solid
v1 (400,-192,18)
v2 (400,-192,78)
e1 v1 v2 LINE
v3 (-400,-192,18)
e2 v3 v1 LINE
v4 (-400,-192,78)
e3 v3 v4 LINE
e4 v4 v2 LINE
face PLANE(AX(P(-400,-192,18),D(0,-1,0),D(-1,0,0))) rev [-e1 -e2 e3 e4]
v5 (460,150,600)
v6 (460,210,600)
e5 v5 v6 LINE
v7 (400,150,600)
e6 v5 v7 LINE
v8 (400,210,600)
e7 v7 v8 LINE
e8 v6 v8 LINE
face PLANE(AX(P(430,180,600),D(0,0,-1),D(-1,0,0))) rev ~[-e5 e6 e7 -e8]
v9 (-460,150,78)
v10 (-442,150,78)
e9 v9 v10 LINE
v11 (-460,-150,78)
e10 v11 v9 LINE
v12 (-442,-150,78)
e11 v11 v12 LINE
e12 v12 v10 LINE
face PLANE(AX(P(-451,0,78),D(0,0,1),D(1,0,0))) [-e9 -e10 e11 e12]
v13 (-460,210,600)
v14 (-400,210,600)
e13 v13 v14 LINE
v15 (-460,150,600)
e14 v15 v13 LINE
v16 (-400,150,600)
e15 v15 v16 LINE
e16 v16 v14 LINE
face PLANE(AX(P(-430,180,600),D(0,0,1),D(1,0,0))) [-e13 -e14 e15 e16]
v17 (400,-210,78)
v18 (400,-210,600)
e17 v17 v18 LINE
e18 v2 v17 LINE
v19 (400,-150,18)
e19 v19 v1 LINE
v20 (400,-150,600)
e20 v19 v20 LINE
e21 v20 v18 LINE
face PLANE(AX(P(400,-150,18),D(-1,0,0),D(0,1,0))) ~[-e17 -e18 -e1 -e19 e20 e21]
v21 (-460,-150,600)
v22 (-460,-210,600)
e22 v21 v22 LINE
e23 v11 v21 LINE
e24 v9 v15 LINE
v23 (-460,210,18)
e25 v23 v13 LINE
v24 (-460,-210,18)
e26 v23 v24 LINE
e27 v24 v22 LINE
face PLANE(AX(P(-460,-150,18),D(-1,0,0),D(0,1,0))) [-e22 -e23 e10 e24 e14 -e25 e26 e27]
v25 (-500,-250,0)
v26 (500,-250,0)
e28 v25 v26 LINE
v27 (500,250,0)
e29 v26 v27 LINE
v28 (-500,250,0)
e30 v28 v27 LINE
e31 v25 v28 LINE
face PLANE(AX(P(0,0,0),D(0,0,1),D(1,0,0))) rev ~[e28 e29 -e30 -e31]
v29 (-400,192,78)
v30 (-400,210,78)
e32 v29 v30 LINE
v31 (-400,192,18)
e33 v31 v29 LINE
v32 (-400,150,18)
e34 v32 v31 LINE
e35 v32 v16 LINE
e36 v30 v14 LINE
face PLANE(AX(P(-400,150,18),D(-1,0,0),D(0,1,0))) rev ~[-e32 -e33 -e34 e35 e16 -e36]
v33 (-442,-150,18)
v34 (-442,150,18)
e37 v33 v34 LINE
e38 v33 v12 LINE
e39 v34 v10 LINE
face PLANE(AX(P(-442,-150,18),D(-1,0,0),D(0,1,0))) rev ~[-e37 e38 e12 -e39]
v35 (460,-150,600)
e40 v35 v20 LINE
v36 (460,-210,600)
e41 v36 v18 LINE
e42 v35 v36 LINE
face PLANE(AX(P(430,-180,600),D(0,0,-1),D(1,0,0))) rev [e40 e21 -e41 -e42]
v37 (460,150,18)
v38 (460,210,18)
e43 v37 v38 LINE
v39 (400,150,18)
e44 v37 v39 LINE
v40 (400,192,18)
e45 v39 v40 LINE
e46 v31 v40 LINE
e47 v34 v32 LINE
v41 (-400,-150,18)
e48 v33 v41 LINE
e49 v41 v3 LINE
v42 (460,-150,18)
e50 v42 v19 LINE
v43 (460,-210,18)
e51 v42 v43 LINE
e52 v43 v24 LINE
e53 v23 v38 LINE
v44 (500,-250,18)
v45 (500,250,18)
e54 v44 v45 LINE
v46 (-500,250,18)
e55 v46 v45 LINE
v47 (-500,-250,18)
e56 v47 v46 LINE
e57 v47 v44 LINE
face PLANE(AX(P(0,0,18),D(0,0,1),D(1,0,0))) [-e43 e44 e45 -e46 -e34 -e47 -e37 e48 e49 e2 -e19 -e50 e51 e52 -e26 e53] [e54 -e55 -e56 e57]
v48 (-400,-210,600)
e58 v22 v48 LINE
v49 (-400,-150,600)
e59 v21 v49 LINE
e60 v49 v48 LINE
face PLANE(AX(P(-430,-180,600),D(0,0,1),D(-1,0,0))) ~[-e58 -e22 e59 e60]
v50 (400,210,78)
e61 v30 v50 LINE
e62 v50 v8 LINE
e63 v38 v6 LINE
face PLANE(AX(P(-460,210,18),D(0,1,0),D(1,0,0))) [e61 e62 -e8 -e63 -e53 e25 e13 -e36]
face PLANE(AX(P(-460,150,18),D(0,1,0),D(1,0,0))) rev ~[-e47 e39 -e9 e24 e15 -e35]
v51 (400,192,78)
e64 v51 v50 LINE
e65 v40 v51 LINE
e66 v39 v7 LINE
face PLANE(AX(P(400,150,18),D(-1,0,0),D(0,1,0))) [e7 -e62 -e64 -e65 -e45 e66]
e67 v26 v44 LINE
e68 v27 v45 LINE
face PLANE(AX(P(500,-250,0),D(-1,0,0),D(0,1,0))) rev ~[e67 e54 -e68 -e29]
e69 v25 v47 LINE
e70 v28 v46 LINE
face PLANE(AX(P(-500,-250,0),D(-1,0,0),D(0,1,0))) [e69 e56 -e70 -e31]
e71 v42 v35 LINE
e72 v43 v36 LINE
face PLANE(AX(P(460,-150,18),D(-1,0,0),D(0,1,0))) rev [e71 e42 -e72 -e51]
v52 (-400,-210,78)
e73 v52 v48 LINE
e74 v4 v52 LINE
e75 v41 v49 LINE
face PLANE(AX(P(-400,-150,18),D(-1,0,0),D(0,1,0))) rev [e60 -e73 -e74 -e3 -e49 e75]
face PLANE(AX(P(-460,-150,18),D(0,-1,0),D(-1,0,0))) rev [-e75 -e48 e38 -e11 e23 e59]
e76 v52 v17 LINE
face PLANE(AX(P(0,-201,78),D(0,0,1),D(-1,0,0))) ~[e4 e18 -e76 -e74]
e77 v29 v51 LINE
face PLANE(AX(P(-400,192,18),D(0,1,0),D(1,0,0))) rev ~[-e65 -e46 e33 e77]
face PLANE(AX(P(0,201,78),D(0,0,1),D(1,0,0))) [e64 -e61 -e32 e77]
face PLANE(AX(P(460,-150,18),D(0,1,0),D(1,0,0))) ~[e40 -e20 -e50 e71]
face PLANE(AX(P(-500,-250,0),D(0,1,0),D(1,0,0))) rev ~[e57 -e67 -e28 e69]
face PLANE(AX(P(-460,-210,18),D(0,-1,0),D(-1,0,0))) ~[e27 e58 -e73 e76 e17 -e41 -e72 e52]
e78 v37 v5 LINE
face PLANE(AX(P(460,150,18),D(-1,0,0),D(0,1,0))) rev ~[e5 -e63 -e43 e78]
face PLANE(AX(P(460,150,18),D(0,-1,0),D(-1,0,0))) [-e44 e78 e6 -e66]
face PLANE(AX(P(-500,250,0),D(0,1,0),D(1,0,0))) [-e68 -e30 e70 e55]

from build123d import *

# Parameters (mm, degrees)
SKETCH_W                = 1000
SKETCH_H                = 500
PAD_DEPTH               = 18
SKETCH001_W             = 60
SKETCH001_H             = 60
PAD001_DEPTH            = 582
SKETCH001_MIRRORED_2_W  = 60
SKETCH001_MIRRORED_2_H  = 60
PAD001_MIRRORED_2_DEPTH = 582
SKETCH002_W             = 800
SKETCH002_H             = 18
PAD002_DEPTH            = 60
SKETCH003_W             = 18
SKETCH003_H             = 300
PAD003_DEPTH            = 60


with BuildPart() as part:
    # Sketch → Pad (new body)
    with BuildSketch(Plane.XY):
        Rectangle(SKETCH_W, SKETCH_H)
    extrude(amount=PAD_DEPTH)

    # Sketch001 → Pad001 (join)
    with BuildSketch(Plane.XY.offset(18)):
        with Locations((-430, 180)):
            Rectangle(SKETCH001_W, SKETCH001_H)
    pad001 = extrude(amount=PAD001_DEPTH)

    # Sketch001 Mirrored 2 → Pad001 Mirrored 2 (add)
    with BuildSketch(Plane(origin=(0, 0, 18), x_dir=(-1, 0, 0), z_dir=(0, 0, -1))):
        with Locations((-430, 180)):
            Rectangle(SKETCH001_MIRRORED_2_W, SKETCH001_MIRRORED_2_H)
    pad001_mirrored_2 = extrude(amount=-PAD001_MIRRORED_2_DEPTH)

    # Mirrored001: Pad001, Pad001 Mirrored 2 across Sketch001 H_Axis
    add(pad001.mirror(Plane(origin=(0, 0, 18), x_dir=(0, 0, 1), z_dir=(0, 1, 0))))
    add(pad001_mirrored_2.mirror(Plane(origin=(0, 0, 18), x_dir=(0, 0, 1), z_dir=(0, 1, 0))))

    # Sketch002 → Pad002 (join)
    with BuildSketch(Plane.XY.offset(18)):
        with Locations((0, 201)):
            Rectangle(SKETCH002_W, SKETCH002_H)
    pad002 = extrude(amount=PAD002_DEPTH)

    # Sketch003 → Pad003 (join)
    with BuildSketch(Plane.XY.offset(18)):
        with Locations((-451, 0)):
            Rectangle(SKETCH003_W, SKETCH003_H)
    extrude(amount=PAD003_DEPTH)

    # Mirrored003: Pad002 across Sketch002 H_Axis
    add(pad002.mirror(Plane(origin=(0, 0, 18), x_dir=(0, 0, 1), z_dir=(0, 1, 0))))


solid = part.part
